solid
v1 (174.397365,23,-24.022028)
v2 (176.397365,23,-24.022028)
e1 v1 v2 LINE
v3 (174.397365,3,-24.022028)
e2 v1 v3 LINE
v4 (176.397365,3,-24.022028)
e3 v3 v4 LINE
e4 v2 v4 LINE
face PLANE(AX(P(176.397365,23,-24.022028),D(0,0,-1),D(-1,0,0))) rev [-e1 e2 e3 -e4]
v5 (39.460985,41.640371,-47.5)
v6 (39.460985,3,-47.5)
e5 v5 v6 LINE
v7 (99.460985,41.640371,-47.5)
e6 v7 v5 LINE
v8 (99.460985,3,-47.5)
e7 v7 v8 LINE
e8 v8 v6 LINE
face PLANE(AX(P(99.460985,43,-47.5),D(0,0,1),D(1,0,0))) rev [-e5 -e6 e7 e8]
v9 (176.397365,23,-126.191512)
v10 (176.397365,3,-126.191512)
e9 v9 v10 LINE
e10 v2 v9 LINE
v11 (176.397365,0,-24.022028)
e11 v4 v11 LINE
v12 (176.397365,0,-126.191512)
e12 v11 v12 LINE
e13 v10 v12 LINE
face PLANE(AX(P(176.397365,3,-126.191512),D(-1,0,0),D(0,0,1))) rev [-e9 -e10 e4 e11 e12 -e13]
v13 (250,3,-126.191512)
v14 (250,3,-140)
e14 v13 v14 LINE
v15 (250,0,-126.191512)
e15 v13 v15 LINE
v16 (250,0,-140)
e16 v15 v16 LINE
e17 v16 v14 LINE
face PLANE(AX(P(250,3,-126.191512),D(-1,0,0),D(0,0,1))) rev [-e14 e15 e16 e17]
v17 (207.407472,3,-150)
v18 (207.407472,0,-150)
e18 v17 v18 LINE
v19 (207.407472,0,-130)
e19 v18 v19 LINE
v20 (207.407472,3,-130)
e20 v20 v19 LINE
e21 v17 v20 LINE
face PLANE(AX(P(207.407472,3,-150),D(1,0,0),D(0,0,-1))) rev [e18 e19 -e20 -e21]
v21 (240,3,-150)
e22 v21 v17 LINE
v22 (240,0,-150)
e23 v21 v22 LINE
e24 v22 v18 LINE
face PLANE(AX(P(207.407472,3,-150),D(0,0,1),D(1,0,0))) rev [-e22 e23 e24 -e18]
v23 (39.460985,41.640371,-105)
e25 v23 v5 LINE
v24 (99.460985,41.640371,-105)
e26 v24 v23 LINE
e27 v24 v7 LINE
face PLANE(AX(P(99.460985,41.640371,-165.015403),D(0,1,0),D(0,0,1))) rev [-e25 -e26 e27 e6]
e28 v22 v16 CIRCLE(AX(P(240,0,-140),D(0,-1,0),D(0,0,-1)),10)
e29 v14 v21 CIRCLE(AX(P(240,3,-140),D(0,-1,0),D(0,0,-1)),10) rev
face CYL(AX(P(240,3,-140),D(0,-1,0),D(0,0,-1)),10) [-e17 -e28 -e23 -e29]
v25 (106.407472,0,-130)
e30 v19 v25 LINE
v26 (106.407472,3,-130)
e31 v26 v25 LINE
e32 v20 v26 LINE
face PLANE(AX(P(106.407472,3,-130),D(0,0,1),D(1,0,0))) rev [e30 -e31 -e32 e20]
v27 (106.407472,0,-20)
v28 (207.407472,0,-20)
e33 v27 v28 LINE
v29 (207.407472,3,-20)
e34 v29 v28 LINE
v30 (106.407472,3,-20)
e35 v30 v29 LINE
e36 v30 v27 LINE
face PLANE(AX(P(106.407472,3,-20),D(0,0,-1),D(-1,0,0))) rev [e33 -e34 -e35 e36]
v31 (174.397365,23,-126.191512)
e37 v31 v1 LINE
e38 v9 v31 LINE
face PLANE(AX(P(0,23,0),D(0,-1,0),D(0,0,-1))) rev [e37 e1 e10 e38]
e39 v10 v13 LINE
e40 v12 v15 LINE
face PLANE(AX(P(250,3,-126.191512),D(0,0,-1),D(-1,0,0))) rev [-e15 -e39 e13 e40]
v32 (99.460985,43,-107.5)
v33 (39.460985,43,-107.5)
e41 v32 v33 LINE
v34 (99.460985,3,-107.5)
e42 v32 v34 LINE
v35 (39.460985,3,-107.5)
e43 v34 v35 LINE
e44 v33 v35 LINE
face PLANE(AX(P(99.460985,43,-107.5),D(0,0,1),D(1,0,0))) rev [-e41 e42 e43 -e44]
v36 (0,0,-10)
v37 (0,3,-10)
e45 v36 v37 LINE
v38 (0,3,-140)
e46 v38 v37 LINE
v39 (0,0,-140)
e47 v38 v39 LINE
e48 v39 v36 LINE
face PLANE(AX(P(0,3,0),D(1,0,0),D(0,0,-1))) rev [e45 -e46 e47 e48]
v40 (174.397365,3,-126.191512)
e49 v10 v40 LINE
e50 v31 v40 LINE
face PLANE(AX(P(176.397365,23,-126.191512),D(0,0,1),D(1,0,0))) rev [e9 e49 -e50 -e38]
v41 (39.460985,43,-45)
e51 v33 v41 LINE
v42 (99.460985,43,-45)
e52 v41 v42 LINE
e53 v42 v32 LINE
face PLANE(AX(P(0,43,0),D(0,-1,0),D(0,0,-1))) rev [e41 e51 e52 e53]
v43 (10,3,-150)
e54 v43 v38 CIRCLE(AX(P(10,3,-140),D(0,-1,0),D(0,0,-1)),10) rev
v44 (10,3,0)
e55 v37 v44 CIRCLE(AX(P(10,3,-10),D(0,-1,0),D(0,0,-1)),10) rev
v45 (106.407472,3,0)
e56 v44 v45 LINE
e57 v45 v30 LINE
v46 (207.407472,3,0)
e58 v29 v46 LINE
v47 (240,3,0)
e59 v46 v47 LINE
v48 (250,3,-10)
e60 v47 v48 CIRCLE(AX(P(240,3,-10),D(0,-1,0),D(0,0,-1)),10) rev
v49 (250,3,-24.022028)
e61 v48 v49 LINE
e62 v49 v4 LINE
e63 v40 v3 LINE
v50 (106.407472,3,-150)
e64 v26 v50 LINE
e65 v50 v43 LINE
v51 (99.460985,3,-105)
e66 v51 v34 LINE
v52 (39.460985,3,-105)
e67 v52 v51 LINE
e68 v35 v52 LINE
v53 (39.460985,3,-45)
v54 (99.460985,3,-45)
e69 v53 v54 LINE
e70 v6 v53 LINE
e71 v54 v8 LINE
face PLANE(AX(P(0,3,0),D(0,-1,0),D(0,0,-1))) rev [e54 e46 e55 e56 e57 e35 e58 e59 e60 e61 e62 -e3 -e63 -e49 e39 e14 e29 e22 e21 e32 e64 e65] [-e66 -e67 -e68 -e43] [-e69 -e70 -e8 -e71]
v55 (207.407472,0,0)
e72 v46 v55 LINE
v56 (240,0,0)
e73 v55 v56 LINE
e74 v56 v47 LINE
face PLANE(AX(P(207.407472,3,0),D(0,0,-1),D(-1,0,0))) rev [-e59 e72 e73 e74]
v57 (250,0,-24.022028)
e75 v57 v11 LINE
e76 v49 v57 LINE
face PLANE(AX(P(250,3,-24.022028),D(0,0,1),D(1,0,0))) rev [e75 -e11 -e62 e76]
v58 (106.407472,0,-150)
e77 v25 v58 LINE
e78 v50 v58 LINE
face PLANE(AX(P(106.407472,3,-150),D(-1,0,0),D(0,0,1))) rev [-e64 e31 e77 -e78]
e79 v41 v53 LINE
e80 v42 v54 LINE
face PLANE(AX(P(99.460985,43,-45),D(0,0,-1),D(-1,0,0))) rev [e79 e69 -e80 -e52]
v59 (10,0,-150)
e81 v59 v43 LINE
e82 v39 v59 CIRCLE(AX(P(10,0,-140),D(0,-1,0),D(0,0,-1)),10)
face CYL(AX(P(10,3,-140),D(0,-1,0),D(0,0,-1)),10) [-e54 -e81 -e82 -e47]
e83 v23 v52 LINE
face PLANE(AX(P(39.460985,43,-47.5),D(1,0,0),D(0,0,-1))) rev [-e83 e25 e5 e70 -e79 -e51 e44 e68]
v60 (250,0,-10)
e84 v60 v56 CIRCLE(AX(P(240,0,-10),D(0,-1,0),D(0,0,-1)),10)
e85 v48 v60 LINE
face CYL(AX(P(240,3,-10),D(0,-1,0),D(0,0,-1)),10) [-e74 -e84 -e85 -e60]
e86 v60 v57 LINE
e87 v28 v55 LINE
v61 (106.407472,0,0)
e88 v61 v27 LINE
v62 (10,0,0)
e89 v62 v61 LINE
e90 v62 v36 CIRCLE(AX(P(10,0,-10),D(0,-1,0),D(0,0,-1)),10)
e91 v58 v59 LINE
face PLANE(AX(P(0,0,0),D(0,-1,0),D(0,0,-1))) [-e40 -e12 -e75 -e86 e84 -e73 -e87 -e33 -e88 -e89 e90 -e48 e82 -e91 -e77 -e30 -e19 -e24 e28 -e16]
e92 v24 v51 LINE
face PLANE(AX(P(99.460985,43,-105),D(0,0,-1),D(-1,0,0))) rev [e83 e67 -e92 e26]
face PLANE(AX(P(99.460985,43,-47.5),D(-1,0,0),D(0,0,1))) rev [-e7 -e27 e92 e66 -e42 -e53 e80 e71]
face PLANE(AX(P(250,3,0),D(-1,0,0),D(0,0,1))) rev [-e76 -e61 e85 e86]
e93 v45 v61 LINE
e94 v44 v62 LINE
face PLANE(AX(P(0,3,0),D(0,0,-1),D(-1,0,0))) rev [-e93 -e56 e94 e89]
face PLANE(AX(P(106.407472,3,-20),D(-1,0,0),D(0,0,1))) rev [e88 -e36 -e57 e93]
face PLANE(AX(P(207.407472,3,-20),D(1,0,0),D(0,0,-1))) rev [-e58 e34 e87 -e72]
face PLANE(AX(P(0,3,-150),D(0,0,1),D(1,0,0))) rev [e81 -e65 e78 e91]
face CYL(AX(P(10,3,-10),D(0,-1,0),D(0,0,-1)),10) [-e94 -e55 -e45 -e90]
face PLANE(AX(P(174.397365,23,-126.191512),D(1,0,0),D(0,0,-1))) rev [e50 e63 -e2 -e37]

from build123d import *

# Parameters (mm, degrees)
BOSS_EXTRUDE1_DEPTH = 3
SKETCH2_W           = 60
SKETCH2_H           = 2.5
BOSS_EXTRUDE2_DEPTH = 40
SKETCH5_W           = 60
SKETCH5_H           = 1.359629359
BOSS_EXTRUDE5_DEPTH = 57.5
FILLET1_R           = 10
SKETCH6_W           = 2
SKETCH6_H           = 102.169483657
BOSS_EXTRUDE6_DEPTH = 20


with BuildPart() as part:
    # Sketch1 → Boss-Extrude1 (new body)
    with BuildSketch(Plane(origin=(0, 0, 0), x_dir=(1, 0, 0), z_dir=(0, 1, 0))):
        Polygon((106.407471576, 20), (207.407471576, 20), (207.407471576, 0), (250, 0), (250, 24.022028172), (176.397365129, 24.022028172), (176.397365129, 126.191511829), (250, 126.191511829), (250, 150), (207.407471576, 150), (207.407471576, 130), (106.407471576, 130), (106.407471576, 150), (0, 150), (0, 0), (106.407471576, 0), align=None)
    extrude(amount=BOSS_EXTRUDE1_DEPTH)

    # Sketch2 → Boss-Extrude2 (add)
    with BuildSketch(Plane(origin=(0, 3, 0), x_dir=(1, 0, 0), z_dir=(0, 1, 0))):
        with Locations((69.460984605, 106.25)):
            Rectangle(SKETCH2_W, SKETCH2_H)
        with Locations((69.460984605, 46.25)):
            Rectangle(SKETCH2_W, SKETCH2_H)
    extrude(amount=BOSS_EXTRUDE2_DEPTH)

    # Sketch5 → Boss-Extrude5 (add)
    with BuildSketch(Plane(origin=(0, 0, -47.5), x_dir=(-1, 0, 0), z_dir=(0, 0, -1))):
        with Locations((-69.460984605, 42.320185321)):
            Rectangle(SKETCH5_W, SKETCH5_H)
    extrude(amount=BOSS_EXTRUDE5_DEPTH)

    # Fillet1
    fillet1_edges = [part.edges().sort_by_distance(p)[0] for p in [
        (0, 1.5, -150),
        (250, 1.5, -150),
        (250, 1.5, 0),
        (0, 1.5, 0),
    ]]
    fillet(fillet1_edges, radius=FILLET1_R)

    # Sketch6 → Boss-Extrude6 (add)
    with BuildSketch(Plane(origin=(0, 3, 0), x_dir=(1, 0, 0), z_dir=(0, 1, 0))):
        with Locations((175.397365129, 75.106770001)):
            Rectangle(SKETCH6_W, SKETCH6_H)
    extrude(amount=BOSS_EXTRUDE6_DEPTH)


solid = part.part
